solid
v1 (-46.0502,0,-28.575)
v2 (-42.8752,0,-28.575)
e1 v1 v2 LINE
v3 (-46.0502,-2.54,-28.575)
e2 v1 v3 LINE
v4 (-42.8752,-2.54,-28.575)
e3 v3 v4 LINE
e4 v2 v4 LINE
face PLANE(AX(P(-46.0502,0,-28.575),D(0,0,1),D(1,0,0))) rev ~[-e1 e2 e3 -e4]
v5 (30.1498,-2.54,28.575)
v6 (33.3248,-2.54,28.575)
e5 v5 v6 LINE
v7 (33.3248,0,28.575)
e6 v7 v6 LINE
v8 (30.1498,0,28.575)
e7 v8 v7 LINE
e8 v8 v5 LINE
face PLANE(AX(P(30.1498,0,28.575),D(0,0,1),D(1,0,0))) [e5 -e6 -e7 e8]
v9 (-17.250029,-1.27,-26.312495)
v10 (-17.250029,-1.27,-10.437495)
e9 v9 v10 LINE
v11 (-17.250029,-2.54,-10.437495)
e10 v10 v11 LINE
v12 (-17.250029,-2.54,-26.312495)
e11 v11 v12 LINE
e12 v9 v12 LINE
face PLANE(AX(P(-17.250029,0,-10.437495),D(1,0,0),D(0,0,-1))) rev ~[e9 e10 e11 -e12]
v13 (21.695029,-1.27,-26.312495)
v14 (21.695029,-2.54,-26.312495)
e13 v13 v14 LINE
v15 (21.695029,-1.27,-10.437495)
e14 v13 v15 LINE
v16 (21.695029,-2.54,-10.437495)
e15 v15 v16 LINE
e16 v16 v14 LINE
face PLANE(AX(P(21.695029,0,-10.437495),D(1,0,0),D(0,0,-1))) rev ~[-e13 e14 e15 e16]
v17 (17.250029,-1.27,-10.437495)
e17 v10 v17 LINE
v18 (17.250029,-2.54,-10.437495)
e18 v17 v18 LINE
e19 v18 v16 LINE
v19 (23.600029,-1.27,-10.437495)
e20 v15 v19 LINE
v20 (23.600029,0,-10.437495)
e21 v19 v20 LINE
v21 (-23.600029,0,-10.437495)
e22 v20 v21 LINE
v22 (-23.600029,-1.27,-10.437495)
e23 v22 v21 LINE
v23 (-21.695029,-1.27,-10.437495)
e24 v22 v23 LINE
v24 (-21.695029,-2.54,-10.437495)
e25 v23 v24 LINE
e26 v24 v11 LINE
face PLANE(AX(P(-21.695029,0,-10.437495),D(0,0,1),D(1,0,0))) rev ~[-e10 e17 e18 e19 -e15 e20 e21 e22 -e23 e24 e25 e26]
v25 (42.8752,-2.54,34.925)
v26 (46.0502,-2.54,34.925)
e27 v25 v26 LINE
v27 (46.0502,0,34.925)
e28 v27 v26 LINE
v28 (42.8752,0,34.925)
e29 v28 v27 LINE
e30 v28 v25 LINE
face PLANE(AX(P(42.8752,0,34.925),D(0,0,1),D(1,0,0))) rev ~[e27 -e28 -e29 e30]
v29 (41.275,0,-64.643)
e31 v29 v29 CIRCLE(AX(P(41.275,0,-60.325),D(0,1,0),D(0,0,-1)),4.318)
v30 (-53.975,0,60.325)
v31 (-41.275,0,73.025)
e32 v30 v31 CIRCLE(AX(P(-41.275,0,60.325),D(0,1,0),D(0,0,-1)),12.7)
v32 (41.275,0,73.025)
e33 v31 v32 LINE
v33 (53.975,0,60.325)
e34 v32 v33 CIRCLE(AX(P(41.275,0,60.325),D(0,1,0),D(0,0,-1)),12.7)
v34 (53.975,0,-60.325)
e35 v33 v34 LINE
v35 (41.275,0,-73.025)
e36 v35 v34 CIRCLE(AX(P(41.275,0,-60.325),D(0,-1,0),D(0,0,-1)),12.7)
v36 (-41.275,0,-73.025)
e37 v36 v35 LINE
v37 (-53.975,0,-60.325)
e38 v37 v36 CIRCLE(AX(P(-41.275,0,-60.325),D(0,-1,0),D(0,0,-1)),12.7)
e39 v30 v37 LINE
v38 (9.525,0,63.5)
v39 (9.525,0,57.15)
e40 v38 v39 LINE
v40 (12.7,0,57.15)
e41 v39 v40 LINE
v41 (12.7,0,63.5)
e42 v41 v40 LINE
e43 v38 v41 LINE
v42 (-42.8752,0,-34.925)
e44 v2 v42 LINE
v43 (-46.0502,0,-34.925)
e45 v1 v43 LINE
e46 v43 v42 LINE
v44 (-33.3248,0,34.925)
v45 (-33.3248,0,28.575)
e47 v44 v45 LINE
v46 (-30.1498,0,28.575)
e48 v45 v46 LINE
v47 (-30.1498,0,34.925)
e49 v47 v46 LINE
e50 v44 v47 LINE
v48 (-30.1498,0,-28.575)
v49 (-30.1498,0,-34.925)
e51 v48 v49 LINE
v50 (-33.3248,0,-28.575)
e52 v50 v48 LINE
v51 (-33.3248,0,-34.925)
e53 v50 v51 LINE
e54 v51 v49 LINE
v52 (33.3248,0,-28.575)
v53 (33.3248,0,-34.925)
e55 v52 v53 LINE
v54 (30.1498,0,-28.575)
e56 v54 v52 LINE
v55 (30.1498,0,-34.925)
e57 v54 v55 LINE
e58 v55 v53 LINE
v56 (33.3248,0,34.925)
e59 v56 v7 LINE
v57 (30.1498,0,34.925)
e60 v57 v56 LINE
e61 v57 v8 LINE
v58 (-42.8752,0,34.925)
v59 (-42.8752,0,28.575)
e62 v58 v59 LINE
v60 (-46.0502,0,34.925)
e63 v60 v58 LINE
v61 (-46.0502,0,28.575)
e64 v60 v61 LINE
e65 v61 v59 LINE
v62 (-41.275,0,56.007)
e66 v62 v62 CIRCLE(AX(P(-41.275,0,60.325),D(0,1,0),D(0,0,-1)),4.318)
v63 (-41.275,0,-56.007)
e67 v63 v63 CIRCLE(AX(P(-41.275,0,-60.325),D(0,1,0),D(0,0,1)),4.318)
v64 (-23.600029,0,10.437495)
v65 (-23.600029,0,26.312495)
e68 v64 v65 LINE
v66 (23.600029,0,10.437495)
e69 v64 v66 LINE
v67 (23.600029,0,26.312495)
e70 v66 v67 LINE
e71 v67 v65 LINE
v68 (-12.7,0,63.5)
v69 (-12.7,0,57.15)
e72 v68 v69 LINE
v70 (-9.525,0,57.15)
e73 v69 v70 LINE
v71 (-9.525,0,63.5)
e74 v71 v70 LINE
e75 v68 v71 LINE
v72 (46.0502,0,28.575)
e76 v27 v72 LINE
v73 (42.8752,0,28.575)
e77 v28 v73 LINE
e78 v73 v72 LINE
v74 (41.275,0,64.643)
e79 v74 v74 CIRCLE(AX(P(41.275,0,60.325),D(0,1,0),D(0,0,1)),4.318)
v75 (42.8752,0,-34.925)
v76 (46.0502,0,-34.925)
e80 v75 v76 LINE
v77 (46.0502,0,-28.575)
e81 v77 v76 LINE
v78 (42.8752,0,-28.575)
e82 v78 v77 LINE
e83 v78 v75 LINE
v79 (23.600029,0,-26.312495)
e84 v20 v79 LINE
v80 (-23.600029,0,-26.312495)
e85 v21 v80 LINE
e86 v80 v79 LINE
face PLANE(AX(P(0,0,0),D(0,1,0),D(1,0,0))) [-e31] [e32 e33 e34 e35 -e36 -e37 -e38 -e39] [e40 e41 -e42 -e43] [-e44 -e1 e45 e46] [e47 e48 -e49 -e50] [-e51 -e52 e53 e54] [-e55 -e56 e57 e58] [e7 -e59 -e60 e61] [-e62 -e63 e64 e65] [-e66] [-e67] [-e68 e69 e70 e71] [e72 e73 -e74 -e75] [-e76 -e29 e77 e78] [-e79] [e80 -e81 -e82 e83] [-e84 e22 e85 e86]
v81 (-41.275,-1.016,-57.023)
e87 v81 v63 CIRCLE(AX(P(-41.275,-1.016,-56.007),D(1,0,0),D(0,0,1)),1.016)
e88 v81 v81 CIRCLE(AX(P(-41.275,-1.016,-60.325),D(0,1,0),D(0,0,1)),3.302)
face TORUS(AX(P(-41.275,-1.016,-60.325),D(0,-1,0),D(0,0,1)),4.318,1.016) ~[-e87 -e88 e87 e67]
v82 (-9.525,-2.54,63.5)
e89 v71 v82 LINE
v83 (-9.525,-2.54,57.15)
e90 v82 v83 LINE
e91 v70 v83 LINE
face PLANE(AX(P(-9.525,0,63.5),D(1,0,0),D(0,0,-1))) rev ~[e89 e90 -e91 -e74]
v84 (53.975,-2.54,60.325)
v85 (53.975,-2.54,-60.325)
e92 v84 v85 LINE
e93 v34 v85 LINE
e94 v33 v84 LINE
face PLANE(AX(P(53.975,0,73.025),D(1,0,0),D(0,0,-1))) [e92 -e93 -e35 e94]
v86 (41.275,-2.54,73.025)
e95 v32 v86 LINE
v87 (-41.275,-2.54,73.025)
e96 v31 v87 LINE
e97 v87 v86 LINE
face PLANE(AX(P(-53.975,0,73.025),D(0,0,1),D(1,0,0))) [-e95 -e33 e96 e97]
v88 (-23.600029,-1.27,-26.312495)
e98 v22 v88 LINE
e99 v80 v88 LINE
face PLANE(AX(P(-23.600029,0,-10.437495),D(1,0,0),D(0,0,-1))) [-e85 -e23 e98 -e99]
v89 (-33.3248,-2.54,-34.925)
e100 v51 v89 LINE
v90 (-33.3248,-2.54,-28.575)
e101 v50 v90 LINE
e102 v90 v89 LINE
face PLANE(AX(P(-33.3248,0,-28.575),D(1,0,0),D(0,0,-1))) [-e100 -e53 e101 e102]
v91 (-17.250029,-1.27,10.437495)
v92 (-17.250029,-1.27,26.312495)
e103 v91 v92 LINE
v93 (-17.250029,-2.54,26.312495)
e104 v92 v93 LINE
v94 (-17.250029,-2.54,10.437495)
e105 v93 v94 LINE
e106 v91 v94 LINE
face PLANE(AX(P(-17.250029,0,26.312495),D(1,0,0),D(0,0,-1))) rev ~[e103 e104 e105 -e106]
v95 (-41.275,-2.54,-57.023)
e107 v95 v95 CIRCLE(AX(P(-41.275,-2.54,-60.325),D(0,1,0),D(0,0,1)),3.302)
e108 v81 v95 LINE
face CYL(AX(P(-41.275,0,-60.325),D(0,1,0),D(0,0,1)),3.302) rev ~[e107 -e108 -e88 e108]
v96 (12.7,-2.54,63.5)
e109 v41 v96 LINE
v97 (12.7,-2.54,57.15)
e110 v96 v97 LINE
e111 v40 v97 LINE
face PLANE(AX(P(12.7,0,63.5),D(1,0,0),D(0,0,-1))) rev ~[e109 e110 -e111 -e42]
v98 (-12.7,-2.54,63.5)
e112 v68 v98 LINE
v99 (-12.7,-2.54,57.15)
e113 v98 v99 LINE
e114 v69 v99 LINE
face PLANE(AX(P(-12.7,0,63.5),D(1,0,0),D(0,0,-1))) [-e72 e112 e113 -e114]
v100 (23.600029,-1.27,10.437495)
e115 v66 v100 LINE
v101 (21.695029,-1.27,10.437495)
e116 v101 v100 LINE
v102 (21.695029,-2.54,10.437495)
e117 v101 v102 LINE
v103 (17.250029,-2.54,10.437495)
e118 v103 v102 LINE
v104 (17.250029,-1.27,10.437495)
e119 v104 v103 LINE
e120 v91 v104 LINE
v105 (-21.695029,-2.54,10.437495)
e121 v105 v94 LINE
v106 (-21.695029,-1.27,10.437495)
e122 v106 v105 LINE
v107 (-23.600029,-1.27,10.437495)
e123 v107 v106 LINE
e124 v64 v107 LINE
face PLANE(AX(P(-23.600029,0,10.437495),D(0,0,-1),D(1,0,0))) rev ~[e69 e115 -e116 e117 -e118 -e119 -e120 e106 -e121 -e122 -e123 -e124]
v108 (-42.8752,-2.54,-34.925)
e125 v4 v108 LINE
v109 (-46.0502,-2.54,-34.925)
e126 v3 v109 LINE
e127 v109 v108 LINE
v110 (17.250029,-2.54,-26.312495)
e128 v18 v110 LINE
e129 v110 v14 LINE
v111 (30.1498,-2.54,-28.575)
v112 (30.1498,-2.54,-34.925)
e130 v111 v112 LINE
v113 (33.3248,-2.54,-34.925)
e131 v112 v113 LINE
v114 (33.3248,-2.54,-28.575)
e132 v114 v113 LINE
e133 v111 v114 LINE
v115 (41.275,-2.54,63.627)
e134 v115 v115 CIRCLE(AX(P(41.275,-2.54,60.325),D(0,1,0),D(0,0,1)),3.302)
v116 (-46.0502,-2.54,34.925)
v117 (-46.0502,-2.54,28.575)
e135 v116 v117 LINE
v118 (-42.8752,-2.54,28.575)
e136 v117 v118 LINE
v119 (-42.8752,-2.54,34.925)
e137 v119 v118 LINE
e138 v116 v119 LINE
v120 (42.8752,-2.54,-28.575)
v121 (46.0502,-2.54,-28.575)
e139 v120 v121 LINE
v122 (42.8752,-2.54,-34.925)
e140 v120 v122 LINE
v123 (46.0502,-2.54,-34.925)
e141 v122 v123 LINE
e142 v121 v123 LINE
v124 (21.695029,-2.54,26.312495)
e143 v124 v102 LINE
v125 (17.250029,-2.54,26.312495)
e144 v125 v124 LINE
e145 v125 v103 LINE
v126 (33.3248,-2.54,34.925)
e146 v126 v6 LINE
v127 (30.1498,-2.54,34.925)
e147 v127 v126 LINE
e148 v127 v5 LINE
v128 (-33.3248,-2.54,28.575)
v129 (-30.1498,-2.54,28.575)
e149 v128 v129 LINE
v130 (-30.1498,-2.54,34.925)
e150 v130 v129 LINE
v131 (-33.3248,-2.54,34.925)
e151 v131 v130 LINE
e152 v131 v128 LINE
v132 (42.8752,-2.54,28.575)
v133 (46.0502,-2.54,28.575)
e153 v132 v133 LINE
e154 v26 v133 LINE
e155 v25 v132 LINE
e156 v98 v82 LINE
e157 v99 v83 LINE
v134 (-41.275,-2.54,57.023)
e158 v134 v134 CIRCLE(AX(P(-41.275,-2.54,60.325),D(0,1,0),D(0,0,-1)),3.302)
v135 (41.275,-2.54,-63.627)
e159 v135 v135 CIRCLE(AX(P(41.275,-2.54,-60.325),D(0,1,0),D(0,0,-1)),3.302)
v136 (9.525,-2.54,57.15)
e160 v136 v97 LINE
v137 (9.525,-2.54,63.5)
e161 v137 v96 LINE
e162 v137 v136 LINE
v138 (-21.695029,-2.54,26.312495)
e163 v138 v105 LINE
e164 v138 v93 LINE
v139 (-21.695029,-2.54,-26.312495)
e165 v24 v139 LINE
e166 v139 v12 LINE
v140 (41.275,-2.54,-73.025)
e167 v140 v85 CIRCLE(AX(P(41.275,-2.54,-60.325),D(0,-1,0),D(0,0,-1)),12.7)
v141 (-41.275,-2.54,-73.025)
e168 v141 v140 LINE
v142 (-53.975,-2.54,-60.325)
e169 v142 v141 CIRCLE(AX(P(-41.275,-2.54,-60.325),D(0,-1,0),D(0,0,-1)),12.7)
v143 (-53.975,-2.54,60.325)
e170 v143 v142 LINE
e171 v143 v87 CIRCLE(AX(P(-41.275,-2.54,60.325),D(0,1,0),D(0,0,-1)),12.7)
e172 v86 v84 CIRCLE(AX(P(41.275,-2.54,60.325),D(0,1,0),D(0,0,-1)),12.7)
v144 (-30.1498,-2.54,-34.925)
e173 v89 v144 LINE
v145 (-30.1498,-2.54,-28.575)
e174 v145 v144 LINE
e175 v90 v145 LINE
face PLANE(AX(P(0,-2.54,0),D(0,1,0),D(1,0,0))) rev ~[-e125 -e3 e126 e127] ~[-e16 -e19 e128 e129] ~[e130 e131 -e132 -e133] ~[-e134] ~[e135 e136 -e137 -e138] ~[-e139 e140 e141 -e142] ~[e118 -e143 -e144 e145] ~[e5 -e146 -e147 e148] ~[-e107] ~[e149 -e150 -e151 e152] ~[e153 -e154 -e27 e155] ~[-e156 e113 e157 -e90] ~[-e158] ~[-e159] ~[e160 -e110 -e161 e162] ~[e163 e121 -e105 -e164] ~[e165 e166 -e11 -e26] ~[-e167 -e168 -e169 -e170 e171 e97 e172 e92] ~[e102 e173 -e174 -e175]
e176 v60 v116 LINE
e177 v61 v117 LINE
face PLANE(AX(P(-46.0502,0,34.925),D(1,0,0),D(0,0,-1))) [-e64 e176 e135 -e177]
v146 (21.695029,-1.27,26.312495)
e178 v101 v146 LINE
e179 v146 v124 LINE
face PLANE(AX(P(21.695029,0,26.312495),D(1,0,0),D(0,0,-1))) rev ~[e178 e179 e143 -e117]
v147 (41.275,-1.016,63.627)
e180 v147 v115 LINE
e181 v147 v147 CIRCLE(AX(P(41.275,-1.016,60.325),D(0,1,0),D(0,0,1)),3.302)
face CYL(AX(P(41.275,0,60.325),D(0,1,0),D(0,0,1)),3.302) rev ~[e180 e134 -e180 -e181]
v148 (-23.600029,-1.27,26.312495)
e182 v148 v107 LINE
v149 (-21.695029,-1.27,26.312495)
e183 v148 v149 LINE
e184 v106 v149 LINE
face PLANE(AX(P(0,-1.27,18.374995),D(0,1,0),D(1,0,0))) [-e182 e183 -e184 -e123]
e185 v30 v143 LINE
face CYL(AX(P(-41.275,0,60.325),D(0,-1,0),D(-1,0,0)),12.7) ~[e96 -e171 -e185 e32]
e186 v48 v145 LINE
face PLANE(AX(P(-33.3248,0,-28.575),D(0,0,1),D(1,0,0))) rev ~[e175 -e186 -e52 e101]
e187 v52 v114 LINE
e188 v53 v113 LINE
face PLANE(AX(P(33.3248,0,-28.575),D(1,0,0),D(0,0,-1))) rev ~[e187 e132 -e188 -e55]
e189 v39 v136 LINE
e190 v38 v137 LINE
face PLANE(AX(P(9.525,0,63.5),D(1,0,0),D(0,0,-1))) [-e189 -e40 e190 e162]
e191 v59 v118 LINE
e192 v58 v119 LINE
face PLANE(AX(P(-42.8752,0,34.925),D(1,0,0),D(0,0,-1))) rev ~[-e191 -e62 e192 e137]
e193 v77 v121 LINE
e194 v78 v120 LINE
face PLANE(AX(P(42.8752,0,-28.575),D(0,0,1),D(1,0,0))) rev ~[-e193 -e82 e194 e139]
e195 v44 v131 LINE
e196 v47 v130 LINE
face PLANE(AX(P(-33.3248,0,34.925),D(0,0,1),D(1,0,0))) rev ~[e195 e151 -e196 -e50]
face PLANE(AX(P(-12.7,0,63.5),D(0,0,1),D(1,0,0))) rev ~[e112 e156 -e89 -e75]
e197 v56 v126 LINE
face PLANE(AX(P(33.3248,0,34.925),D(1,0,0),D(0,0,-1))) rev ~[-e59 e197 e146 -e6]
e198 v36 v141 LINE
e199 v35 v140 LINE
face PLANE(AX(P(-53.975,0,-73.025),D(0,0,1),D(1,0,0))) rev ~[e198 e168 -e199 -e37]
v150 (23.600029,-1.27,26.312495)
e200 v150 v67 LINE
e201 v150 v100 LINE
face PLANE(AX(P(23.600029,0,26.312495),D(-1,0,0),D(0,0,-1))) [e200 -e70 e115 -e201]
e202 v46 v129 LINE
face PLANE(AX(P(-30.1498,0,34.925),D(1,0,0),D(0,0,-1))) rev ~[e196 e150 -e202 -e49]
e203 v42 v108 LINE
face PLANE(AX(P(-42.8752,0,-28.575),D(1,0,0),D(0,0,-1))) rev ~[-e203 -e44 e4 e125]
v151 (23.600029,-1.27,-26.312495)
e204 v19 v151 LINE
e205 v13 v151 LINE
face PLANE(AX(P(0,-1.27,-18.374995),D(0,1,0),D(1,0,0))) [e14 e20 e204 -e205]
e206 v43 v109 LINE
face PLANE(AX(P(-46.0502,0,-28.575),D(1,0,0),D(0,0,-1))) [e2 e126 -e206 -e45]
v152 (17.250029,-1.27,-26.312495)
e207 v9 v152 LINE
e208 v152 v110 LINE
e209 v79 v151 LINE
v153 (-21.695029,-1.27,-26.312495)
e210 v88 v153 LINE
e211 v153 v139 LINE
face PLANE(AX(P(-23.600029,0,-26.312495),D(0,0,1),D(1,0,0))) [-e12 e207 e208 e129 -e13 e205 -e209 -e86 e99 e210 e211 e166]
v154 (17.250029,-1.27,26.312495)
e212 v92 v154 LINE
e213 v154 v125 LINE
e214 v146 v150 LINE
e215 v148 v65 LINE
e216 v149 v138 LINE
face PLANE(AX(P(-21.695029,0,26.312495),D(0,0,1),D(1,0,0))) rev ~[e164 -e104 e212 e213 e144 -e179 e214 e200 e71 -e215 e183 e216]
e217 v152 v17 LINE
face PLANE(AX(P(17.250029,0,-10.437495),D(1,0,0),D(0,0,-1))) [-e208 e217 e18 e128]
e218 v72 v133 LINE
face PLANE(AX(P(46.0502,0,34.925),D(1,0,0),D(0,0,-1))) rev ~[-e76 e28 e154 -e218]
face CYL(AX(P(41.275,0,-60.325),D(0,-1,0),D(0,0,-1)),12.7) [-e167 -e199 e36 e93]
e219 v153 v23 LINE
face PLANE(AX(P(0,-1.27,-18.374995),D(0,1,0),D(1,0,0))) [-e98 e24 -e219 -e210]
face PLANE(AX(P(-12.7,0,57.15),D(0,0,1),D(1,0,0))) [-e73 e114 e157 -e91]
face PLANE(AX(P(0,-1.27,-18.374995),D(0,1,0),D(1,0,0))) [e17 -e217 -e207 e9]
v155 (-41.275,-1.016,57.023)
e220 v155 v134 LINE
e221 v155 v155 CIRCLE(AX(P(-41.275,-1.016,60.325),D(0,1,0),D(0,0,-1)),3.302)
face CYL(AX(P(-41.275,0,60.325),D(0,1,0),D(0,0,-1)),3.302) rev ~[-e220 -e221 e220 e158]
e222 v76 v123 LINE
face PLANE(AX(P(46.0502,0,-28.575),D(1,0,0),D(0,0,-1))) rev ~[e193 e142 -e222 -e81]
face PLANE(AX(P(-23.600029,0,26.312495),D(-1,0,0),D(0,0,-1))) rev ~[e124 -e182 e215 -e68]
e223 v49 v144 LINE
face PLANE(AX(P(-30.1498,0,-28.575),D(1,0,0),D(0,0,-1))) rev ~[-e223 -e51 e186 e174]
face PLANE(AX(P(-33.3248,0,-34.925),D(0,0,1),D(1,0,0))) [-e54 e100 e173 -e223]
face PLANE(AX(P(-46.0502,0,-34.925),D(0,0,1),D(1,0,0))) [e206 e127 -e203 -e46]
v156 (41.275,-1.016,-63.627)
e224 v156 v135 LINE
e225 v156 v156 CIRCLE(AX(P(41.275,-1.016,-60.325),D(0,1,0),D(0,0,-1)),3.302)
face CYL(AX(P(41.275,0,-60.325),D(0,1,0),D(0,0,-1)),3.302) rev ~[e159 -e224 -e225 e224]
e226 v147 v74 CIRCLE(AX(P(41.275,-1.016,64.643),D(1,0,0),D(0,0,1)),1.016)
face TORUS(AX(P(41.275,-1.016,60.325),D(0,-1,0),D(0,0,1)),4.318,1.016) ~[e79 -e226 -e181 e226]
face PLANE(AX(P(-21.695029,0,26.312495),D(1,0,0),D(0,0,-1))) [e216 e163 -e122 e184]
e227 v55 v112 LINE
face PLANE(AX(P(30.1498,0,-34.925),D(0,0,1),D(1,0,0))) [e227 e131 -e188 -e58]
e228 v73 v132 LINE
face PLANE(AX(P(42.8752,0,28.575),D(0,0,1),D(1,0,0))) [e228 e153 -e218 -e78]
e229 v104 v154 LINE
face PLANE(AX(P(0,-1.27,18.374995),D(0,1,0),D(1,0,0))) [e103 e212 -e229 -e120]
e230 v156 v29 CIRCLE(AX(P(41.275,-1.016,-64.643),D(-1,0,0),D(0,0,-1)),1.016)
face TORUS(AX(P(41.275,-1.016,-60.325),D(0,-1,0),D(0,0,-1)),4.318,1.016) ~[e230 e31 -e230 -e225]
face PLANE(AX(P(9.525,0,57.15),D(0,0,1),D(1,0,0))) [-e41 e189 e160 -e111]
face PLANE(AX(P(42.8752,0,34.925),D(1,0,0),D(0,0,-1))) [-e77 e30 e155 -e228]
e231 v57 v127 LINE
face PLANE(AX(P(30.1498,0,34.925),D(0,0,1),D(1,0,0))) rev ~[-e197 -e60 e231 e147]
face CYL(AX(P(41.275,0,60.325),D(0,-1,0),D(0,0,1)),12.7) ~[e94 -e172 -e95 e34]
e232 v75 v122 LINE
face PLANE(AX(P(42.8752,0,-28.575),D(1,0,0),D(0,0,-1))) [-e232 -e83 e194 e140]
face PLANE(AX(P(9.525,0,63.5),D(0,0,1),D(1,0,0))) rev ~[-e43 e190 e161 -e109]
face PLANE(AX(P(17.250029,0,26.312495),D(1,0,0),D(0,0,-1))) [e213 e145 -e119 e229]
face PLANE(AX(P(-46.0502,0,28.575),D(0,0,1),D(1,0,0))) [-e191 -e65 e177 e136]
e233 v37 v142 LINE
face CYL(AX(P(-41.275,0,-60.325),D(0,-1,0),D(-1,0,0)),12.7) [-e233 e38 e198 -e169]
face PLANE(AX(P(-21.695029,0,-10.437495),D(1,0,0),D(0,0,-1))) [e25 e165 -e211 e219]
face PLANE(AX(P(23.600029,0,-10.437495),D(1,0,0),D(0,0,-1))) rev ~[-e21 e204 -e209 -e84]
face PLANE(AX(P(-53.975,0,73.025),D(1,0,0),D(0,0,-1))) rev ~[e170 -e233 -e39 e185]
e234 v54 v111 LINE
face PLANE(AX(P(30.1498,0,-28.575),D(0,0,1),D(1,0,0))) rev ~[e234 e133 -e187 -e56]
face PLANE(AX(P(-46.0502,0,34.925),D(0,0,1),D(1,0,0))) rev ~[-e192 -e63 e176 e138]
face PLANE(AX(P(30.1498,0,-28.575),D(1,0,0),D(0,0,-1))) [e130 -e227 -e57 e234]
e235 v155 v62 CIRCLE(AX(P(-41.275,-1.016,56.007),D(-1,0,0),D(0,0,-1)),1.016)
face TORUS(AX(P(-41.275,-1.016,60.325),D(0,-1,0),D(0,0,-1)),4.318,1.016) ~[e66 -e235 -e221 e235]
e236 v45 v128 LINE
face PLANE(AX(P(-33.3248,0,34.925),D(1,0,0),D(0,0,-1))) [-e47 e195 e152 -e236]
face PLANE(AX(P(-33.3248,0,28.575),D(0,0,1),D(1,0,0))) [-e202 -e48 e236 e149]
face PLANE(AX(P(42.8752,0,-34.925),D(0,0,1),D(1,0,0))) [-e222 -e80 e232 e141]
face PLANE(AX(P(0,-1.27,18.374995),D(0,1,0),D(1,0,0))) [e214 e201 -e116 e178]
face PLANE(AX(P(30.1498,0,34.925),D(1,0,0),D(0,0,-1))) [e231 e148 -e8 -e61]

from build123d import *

# Parameters (mm, degrees)
SKETCH1_W           = 107.95
SKETCH1_H           = 146.05
BOSS_EXTRUDE1_DEPTH = 2.54
SKETCH2_R           = 3.302
CUT_EXTRUDE1_DEPTH  = 91.842736914
SKETCH3_W           = 4.445
SKETCH3_H           = 15.875
CUT_EXTRUDE2_DEPTH  = 91.842736914
FILLET1_R           = 12.7
SKETCH11_W          = 47.200058
SKETCH11_H          = 15.875
CUT_EXTRUDE9_DEPTH  = 1.27
FILLET2_R           = 1.016
SKETCH14_W          = 3.175
SKETCH14_H          = 6.35
CUT_EXTRUDE14_DEPTH = 91.842736914


with BuildPart() as part:
    # Sketch1 → Boss-Extrude1 (new body)
    with BuildSketch(Plane(origin=(0, 0, 0), x_dir=(1, 0, 0), z_dir=(0, 1, 0))):
        Rectangle(SKETCH1_W, SKETCH1_H)
    extrude(amount=-BOSS_EXTRUDE1_DEPTH)

    # Sketch2 → Cut-Extrude1 (cut, through all)
    with BuildSketch(Plane(origin=(0, 0, 0), x_dir=(1, 0, 0), z_dir=(0, 1, 0))):
        with Locations((-41.275, 60.325)):
            Circle(SKETCH2_R)
        with Locations((41.275, 60.325)):
            Circle(SKETCH2_R)
        with Locations((41.275, -60.325)):
            Circle(SKETCH2_R)
        with Locations((-41.275, -60.325)):
            Circle(SKETCH2_R)
    extrude(amount=-CUT_EXTRUDE1_DEPTH, mode=Mode.SUBTRACT)

    # Sketch3 → Cut-Extrude2 (cut, through all)
    with BuildSketch(Plane(origin=(0, 0, 0), x_dir=(1, 0, 0), z_dir=(0, 1, 0))):
        with Locations((-19.472529, 18.374995)):
            Rectangle(SKETCH3_W, SKETCH3_H)
        with Locations((19.472529, 18.374995)):
            Rectangle(SKETCH3_W, SKETCH3_H)
        with Locations((19.472529, -18.374995)):
            Rectangle(SKETCH3_W, SKETCH3_H)
        with Locations((-19.472529, -18.374995)):
            Rectangle(SKETCH3_W, SKETCH3_H)
    extrude(amount=-CUT_EXTRUDE2_DEPTH, mode=Mode.SUBTRACT)

    # Fillet1
    fillet1_edges = [part.edges().sort_by_distance(p)[0] for p in [
        (53.975, -1.27, -73.025),
        (53.975, -1.27, 73.025),
        (-53.975, -1.27, 73.025),
        (-53.975, -1.27, -73.025),
    ]]
    fillet(fillet1_edges, radius=FILLET1_R)

    # Sketch11 → Cut-Extrude9 (cut, symmetric)
    with BuildSketch(Plane(origin=(0, 0, 0), x_dir=(1, 0, 0), z_dir=(0, 1, 0))):
        with Locations((0, -18.374995)):
            Rectangle(SKETCH11_W, SKETCH11_H)
        with Locations((0, 18.374995)):
            Rectangle(SKETCH11_W, SKETCH11_H)
    extrude(amount=CUT_EXTRUDE9_DEPTH, both=True, mode=Mode.SUBTRACT)

    # Fillet2
    fillet2_edges = [part.edges().sort_by_distance(p)[0] for p in [
        (37.973, 0, -60.325),
        (-44.577, 0, -60.325),
        (-44.577, 0, 60.325),
        (37.973, 0, 60.325),
    ]]
    fillet(fillet2_edges, radius=FILLET2_R)

    # Sketch14 → Cut-Extrude14 (cut, through all)
    with BuildSketch(Plane(origin=(0, 0, 0), x_dir=(1, 0, 0), z_dir=(0, 1, 0))):
        with Locations((31.7373, -31.75)):
            Rectangle(SKETCH14_W, SKETCH14_H)
        with Locations((-31.7373, -31.75)):
            Rectangle(SKETCH14_W, SKETCH14_H)
        with Locations((-31.7373, 31.75)):
            Rectangle(SKETCH14_W, SKETCH14_H)
        with Locations((31.7373, 31.75)):
            Rectangle(SKETCH14_W, SKETCH14_H)
        with Locations((-11.1125, -60.325)):
            Rectangle(SKETCH14_W, SKETCH14_H)
        with Locations((11.1125, -60.325)):
            Rectangle(SKETCH14_W, SKETCH14_H)
        with Locations((44.4627, 31.75)):
            Rectangle(SKETCH14_W, SKETCH14_H)
        with Locations((44.4627, -31.75)):
            Rectangle(SKETCH14_W, SKETCH14_H)
        with Locations((-44.4627, 31.75)):
            Rectangle(SKETCH14_W, SKETCH14_H)
        with Locations((-44.4627, -31.75)):
            Rectangle(SKETCH14_W, SKETCH14_H)
    extrude(amount=-CUT_EXTRUDE14_DEPTH, mode=Mode.SUBTRACT)


solid = part.part
